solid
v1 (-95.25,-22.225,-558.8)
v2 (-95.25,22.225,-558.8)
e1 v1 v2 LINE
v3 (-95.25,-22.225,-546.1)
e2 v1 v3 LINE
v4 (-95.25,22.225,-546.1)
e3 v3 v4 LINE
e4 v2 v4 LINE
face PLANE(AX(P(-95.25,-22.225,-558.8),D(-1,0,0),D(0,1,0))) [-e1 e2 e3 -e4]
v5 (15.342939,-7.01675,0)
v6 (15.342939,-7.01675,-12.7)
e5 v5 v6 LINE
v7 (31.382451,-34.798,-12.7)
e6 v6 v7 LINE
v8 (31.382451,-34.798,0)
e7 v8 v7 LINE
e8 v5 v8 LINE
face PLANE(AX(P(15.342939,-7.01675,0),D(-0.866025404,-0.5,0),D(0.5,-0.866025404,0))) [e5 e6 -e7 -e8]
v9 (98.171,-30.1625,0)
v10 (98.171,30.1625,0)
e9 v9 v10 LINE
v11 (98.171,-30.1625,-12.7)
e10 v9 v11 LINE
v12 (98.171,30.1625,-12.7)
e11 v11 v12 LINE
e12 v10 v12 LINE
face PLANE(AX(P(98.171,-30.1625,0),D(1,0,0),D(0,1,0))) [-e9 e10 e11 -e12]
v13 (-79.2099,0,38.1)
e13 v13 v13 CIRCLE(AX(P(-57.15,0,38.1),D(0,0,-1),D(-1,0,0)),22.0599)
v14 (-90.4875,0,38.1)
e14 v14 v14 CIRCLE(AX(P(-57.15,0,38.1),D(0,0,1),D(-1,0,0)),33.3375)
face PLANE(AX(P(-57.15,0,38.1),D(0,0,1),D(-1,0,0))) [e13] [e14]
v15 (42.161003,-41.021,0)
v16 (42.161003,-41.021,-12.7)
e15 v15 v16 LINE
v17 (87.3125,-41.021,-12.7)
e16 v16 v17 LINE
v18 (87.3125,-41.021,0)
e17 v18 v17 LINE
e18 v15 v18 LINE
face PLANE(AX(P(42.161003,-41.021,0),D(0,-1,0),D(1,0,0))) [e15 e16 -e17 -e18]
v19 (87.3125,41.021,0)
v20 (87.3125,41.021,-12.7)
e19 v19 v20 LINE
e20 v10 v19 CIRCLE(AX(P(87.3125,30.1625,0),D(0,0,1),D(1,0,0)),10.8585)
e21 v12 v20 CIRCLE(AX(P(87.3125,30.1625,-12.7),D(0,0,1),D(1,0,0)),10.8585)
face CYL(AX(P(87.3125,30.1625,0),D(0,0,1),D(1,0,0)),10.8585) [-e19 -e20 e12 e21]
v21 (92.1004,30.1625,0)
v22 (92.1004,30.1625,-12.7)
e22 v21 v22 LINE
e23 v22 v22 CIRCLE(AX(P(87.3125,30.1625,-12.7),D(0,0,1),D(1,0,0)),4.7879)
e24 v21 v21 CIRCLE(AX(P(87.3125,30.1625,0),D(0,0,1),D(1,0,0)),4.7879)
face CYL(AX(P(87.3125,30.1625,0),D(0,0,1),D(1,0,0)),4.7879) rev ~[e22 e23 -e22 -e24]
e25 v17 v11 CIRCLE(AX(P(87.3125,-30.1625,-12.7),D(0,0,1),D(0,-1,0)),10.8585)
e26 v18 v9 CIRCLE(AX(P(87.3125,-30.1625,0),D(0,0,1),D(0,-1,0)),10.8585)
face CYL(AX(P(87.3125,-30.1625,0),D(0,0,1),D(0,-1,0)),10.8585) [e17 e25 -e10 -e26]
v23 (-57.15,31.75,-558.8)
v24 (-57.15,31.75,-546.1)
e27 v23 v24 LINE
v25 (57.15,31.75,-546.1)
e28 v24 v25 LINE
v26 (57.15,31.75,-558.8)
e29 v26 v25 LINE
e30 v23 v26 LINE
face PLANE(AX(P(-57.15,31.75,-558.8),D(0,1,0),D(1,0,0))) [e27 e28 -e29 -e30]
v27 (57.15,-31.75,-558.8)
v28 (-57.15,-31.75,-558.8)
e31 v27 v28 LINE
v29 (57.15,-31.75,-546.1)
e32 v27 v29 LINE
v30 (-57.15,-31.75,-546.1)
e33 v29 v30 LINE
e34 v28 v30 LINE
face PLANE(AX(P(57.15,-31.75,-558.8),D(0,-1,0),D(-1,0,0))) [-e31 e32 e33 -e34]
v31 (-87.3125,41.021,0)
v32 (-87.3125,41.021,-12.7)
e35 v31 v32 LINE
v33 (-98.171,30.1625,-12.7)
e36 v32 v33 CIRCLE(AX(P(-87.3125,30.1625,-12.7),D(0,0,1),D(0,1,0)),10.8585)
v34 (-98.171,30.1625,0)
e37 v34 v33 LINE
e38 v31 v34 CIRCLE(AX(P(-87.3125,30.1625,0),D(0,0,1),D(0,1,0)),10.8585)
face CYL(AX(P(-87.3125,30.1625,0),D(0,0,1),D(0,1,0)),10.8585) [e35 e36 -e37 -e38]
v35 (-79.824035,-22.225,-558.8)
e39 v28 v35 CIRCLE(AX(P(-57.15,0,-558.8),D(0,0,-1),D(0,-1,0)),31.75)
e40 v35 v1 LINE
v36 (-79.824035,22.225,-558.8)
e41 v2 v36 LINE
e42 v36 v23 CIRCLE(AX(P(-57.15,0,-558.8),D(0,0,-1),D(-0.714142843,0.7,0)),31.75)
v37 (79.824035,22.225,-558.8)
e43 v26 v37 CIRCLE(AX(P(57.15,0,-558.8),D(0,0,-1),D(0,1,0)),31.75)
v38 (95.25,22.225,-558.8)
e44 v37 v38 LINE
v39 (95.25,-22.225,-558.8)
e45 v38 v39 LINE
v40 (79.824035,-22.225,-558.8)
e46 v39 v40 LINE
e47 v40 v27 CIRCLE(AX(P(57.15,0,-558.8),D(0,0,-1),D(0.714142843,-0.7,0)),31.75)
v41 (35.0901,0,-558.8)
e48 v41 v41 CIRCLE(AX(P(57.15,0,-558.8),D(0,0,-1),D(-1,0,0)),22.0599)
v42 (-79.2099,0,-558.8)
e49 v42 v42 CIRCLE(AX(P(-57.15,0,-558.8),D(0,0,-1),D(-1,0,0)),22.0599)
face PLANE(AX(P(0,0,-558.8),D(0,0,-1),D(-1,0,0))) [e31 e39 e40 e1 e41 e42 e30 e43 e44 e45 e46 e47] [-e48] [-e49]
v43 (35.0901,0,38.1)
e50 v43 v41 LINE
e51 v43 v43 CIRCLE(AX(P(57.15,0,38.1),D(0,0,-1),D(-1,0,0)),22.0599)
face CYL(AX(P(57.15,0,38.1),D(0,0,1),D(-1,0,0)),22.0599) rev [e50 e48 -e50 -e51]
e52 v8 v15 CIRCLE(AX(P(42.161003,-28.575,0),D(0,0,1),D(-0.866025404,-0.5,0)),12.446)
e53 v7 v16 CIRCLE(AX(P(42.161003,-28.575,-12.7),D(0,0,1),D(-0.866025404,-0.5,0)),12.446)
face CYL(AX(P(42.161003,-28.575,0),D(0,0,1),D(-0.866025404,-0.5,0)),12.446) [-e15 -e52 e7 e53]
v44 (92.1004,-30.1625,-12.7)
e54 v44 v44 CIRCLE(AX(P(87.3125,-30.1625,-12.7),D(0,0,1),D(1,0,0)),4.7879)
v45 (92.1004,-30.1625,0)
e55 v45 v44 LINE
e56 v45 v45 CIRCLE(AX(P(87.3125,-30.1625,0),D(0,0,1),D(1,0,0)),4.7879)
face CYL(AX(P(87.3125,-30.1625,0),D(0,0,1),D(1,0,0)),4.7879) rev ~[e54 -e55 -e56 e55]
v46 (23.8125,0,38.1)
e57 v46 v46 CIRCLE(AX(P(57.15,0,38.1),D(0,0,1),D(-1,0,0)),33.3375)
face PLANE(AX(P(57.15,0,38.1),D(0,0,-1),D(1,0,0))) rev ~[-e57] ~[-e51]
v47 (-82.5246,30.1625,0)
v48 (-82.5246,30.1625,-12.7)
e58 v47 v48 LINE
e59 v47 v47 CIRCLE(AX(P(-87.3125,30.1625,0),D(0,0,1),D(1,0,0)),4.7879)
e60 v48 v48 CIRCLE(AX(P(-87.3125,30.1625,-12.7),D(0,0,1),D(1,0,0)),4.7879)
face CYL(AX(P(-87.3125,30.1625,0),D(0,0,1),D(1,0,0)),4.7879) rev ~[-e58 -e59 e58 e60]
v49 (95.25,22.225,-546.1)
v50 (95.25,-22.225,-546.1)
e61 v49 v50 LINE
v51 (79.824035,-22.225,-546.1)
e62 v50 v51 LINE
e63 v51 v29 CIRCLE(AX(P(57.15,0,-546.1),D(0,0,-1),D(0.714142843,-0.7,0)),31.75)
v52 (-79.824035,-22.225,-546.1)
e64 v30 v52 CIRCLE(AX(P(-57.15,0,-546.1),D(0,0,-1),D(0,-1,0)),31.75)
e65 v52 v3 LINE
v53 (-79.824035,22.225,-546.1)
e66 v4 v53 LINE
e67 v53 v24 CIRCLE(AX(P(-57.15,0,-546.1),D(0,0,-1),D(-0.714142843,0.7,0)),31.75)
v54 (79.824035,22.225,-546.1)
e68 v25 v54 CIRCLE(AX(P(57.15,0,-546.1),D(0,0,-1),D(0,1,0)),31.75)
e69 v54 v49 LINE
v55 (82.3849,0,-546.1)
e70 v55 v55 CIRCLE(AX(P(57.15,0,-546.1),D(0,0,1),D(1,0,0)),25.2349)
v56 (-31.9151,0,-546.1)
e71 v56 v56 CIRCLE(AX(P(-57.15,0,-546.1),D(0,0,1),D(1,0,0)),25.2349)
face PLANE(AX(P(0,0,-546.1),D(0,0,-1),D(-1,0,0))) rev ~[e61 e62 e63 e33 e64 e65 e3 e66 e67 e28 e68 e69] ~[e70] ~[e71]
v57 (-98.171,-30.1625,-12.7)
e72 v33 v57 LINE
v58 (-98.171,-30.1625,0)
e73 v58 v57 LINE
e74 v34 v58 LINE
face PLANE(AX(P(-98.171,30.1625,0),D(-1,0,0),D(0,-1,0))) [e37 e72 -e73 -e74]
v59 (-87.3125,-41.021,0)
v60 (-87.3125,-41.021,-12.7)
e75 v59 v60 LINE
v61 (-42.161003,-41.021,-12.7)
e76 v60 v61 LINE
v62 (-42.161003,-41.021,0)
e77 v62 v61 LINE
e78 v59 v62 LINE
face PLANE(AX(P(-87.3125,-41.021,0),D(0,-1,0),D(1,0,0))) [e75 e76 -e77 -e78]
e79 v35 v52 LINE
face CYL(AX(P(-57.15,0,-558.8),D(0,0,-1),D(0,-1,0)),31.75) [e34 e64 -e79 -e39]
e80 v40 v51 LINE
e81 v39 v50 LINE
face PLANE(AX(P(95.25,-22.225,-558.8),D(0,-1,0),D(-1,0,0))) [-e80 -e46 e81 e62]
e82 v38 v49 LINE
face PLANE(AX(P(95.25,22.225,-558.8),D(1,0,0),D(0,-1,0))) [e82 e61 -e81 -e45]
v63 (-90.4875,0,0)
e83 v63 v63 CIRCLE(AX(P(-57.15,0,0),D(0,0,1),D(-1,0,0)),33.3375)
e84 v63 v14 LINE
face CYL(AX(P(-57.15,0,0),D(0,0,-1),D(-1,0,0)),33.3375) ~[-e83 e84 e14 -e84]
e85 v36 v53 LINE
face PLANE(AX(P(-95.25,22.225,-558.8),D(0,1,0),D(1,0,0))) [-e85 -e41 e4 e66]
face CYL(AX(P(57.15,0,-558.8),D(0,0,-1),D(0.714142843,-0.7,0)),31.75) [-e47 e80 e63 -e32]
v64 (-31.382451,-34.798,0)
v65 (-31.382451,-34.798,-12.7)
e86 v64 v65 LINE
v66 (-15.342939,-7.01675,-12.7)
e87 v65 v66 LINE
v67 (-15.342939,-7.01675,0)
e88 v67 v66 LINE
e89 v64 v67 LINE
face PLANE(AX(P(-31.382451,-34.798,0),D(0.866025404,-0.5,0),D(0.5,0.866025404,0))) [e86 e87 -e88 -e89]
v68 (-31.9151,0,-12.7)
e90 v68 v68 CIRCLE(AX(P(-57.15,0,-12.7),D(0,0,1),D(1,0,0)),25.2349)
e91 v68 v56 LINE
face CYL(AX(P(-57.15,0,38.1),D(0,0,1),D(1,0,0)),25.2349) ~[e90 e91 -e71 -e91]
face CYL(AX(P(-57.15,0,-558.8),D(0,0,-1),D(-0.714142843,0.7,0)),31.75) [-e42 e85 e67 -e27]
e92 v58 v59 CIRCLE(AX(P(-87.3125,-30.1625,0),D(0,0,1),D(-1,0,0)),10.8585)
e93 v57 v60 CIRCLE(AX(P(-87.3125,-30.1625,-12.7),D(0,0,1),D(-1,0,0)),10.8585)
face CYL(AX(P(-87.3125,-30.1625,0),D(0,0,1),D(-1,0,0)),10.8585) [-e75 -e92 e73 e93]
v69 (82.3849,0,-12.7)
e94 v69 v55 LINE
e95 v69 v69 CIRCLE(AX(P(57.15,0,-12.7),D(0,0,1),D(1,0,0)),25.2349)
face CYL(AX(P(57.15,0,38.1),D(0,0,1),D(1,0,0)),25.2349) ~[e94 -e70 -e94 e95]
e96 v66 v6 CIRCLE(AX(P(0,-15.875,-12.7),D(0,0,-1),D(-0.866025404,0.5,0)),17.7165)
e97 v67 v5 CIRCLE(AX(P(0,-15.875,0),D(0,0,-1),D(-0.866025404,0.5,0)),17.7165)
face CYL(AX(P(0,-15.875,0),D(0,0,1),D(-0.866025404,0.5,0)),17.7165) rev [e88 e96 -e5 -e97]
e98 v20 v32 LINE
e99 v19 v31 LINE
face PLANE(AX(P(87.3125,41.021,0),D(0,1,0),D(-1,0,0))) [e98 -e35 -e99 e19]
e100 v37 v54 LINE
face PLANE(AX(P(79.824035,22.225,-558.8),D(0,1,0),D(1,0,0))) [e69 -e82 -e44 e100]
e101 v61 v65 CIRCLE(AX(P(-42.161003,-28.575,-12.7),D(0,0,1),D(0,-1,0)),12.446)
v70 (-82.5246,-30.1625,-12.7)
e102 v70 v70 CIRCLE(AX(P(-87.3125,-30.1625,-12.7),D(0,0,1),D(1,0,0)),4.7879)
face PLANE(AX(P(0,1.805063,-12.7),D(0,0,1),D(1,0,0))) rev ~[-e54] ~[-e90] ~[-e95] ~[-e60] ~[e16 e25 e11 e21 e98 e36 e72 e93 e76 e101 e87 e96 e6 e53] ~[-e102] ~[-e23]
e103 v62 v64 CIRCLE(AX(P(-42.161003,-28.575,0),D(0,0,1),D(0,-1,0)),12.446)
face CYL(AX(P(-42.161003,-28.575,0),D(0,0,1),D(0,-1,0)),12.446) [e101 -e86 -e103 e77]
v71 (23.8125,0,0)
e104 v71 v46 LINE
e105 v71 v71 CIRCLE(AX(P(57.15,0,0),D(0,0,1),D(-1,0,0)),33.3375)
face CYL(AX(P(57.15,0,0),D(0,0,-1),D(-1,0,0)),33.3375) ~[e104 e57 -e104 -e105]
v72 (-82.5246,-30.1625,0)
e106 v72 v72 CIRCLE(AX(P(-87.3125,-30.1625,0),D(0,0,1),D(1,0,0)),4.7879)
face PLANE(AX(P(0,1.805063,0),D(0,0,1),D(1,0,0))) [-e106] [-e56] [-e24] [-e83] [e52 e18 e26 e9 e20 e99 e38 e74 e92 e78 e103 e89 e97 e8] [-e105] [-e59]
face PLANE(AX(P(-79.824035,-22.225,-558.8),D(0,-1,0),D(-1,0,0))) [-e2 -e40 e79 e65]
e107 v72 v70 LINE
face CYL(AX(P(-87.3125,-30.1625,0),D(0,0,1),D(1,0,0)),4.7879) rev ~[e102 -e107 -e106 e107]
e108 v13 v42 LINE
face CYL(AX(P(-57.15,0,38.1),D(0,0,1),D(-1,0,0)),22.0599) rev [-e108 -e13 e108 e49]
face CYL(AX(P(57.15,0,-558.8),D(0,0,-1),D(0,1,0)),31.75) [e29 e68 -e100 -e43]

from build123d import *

# Parameters (mm, degrees)
EXTRUDE1_DEPTH      = 12.7
SKETCH27_R          = 33.3375
EXTRUDE3_DEPTH      = 38.1
SKETCH29_R          = 4.7879
SKETCH29_R_2        = 25.2349
CUT_EXTRUDE5_DEPTH  = 50.8
SKETCH41_R          = 25.2349
SKETCH41_R_2        = 22.0599
BOSS_EXTRUDE1_DEPTH = 596.9
SKETCH42_R          = 22.5679
BOSS_EXTRUDE2_DEPTH = 12.7


with BuildPart() as part:
    # Sketch1 → Extrude1 (new body)
    with BuildSketch(Plane.XY):
        with BuildLine():
            Line((-98.171, 30.1625), (-98.171, -30.1625))
            ThreePointArc((-98.171, -30.1625), (-94.990618984, -37.840618984), (-87.3125, -41.021))
            Line((-87.3125, -41.021), (-42.161003408, -41.021))
            ThreePointArc((-42.161003408, -41.021), (-35.938003408, -39.353552176), (-31.382451232, -34.798))
            Line((-31.382451232, -34.798), (-15.342939066, -7.01675))
            ThreePointArc((-15.342939066, -7.01675), (0, 1.8415), (15.342939066, -7.01675))
            Line((15.342939066, -7.01675), (31.382451232, -34.798))
            ThreePointArc((31.382451232, -34.798), (35.938003408, -39.353552176), (42.161003408, -41.021))
            Line((42.161003408, -41.021), (87.3125, -41.021))
            ThreePointArc((87.3125, -41.021), (94.990618984, -37.840618984), (98.171, -30.1625))
            Line((98.171, -30.1625), (98.171, 30.1625))
            ThreePointArc((98.171, 30.1625), (94.990618984, 37.840618984), (87.3125, 41.021))
            Line((87.3125, 41.021), (-87.3125, 41.021))
            ThreePointArc((-87.3125, 41.021), (-94.990618984, 37.840618984), (-98.171, 30.1625))
        make_face()
    extrude(amount=-EXTRUDE1_DEPTH)

    # Sketch27 → Extrude3 (add)
    with BuildSketch(Plane.XY):
        with Locations(Location((-57.15, 0, 0), (0, 0, 180))):
            Circle(SKETCH27_R)
        with Locations(Location((57.15, 0, 0), (0, 0, 180))):
            Circle(SKETCH27_R)
    extrude(amount=EXTRUDE3_DEPTH)

    # Sketch29 → Cut-Extrude5 (cut, symmetric)
    with BuildSketch(Plane.XY):
        with Locations((-87.3125, -30.1625)):
            Circle(SKETCH29_R)
        with Locations((87.3125, -30.1625)):
            Circle(SKETCH29_R)
        with Locations((87.3125, 30.1625)):
            Circle(SKETCH29_R)
        with Locations((-87.3125, 30.1625)):
            Circle(SKETCH29_R)
        with Locations((57.15, 0)):
            Circle(SKETCH29_R_2)
        with Locations((-57.15, 0)):
            Circle(SKETCH29_R_2)
    extrude(amount=CUT_EXTRUDE5_DEPTH, both=True, mode=Mode.SUBTRACT)

    # Sketch41 → Boss-Extrude1 (add)
    # profile 1 of 2: a face of its own
    with BuildSketch(Plane(origin=(0, 0, 38.1), x_dir=(-1, 0, 0), z_dir=(0, 0, -1))):
        with Locations(Location((-57.15, 0, 0), (0, 0, 180))):
            Circle(SKETCH41_R)
        with Locations((-57.15, 0)):
            Circle(SKETCH41_R_2, mode=Mode.SUBTRACT)
    # profile 2 of 2: a face of its own
    with BuildSketch(Plane(origin=(0, 0, 38.1), x_dir=(-1, 0, 0), z_dir=(0, 0, -1))):
        with Locations(Location((57.15, 0, 0), (0, 0, 180))):
            Circle(SKETCH41_R)
        with Locations((57.15, 0)):
            Circle(SKETCH41_R_2, mode=Mode.SUBTRACT)
    extrude(amount=BOSS_EXTRUDE1_DEPTH)

    # Sketch42 → Boss-Extrude2 (add)
    with BuildSketch(Plane(origin=(0, 0, -558.8), x_dir=(-1, 0, 0), z_dir=(0, 0, -1))):
        with BuildLine():
            Line((57.15, 31.75), (-57.15, 31.75))
            ThreePointArc((-57.15, 31.75), (-69.446722124, 29.272053652), (-79.824035261, 22.225))
            Line((-79.824035261, 22.225), (-95.25, 22.225))
            Line((-95.25, 22.225), (-95.25, -22.225))
            Line((-95.25, -22.225), (-79.824035261, -22.225))
            ThreePointArc((-79.824035261, -22.225), (-69.446722124, -29.272053652), (-57.15, -31.75))
            Line((-57.15, -31.75), (57.15, -31.75))
            ThreePointArc((57.15, -31.75), (69.446722124, -29.272053652), (79.824035261, -22.225))
            Line((79.824035261, -22.225), (95.25, -22.225))
            Line((95.25, -22.225), (95.25, 22.225))
            Line((95.25, 22.225), (79.824035261, 22.225))
            ThreePointArc((79.824035261, 22.225), (69.446722124, 29.272053652), (57.15, 31.75))
        make_face()
        with Locations((-57.15, 0)):
            Circle(SKETCH42_R, mode=Mode.SUBTRACT)
        with Locations((57.15, 0)):
            Circle(SKETCH42_R, mode=Mode.SUBTRACT)
    extrude(amount=-BOSS_EXTRUDE2_DEPTH)


solid = part.part
